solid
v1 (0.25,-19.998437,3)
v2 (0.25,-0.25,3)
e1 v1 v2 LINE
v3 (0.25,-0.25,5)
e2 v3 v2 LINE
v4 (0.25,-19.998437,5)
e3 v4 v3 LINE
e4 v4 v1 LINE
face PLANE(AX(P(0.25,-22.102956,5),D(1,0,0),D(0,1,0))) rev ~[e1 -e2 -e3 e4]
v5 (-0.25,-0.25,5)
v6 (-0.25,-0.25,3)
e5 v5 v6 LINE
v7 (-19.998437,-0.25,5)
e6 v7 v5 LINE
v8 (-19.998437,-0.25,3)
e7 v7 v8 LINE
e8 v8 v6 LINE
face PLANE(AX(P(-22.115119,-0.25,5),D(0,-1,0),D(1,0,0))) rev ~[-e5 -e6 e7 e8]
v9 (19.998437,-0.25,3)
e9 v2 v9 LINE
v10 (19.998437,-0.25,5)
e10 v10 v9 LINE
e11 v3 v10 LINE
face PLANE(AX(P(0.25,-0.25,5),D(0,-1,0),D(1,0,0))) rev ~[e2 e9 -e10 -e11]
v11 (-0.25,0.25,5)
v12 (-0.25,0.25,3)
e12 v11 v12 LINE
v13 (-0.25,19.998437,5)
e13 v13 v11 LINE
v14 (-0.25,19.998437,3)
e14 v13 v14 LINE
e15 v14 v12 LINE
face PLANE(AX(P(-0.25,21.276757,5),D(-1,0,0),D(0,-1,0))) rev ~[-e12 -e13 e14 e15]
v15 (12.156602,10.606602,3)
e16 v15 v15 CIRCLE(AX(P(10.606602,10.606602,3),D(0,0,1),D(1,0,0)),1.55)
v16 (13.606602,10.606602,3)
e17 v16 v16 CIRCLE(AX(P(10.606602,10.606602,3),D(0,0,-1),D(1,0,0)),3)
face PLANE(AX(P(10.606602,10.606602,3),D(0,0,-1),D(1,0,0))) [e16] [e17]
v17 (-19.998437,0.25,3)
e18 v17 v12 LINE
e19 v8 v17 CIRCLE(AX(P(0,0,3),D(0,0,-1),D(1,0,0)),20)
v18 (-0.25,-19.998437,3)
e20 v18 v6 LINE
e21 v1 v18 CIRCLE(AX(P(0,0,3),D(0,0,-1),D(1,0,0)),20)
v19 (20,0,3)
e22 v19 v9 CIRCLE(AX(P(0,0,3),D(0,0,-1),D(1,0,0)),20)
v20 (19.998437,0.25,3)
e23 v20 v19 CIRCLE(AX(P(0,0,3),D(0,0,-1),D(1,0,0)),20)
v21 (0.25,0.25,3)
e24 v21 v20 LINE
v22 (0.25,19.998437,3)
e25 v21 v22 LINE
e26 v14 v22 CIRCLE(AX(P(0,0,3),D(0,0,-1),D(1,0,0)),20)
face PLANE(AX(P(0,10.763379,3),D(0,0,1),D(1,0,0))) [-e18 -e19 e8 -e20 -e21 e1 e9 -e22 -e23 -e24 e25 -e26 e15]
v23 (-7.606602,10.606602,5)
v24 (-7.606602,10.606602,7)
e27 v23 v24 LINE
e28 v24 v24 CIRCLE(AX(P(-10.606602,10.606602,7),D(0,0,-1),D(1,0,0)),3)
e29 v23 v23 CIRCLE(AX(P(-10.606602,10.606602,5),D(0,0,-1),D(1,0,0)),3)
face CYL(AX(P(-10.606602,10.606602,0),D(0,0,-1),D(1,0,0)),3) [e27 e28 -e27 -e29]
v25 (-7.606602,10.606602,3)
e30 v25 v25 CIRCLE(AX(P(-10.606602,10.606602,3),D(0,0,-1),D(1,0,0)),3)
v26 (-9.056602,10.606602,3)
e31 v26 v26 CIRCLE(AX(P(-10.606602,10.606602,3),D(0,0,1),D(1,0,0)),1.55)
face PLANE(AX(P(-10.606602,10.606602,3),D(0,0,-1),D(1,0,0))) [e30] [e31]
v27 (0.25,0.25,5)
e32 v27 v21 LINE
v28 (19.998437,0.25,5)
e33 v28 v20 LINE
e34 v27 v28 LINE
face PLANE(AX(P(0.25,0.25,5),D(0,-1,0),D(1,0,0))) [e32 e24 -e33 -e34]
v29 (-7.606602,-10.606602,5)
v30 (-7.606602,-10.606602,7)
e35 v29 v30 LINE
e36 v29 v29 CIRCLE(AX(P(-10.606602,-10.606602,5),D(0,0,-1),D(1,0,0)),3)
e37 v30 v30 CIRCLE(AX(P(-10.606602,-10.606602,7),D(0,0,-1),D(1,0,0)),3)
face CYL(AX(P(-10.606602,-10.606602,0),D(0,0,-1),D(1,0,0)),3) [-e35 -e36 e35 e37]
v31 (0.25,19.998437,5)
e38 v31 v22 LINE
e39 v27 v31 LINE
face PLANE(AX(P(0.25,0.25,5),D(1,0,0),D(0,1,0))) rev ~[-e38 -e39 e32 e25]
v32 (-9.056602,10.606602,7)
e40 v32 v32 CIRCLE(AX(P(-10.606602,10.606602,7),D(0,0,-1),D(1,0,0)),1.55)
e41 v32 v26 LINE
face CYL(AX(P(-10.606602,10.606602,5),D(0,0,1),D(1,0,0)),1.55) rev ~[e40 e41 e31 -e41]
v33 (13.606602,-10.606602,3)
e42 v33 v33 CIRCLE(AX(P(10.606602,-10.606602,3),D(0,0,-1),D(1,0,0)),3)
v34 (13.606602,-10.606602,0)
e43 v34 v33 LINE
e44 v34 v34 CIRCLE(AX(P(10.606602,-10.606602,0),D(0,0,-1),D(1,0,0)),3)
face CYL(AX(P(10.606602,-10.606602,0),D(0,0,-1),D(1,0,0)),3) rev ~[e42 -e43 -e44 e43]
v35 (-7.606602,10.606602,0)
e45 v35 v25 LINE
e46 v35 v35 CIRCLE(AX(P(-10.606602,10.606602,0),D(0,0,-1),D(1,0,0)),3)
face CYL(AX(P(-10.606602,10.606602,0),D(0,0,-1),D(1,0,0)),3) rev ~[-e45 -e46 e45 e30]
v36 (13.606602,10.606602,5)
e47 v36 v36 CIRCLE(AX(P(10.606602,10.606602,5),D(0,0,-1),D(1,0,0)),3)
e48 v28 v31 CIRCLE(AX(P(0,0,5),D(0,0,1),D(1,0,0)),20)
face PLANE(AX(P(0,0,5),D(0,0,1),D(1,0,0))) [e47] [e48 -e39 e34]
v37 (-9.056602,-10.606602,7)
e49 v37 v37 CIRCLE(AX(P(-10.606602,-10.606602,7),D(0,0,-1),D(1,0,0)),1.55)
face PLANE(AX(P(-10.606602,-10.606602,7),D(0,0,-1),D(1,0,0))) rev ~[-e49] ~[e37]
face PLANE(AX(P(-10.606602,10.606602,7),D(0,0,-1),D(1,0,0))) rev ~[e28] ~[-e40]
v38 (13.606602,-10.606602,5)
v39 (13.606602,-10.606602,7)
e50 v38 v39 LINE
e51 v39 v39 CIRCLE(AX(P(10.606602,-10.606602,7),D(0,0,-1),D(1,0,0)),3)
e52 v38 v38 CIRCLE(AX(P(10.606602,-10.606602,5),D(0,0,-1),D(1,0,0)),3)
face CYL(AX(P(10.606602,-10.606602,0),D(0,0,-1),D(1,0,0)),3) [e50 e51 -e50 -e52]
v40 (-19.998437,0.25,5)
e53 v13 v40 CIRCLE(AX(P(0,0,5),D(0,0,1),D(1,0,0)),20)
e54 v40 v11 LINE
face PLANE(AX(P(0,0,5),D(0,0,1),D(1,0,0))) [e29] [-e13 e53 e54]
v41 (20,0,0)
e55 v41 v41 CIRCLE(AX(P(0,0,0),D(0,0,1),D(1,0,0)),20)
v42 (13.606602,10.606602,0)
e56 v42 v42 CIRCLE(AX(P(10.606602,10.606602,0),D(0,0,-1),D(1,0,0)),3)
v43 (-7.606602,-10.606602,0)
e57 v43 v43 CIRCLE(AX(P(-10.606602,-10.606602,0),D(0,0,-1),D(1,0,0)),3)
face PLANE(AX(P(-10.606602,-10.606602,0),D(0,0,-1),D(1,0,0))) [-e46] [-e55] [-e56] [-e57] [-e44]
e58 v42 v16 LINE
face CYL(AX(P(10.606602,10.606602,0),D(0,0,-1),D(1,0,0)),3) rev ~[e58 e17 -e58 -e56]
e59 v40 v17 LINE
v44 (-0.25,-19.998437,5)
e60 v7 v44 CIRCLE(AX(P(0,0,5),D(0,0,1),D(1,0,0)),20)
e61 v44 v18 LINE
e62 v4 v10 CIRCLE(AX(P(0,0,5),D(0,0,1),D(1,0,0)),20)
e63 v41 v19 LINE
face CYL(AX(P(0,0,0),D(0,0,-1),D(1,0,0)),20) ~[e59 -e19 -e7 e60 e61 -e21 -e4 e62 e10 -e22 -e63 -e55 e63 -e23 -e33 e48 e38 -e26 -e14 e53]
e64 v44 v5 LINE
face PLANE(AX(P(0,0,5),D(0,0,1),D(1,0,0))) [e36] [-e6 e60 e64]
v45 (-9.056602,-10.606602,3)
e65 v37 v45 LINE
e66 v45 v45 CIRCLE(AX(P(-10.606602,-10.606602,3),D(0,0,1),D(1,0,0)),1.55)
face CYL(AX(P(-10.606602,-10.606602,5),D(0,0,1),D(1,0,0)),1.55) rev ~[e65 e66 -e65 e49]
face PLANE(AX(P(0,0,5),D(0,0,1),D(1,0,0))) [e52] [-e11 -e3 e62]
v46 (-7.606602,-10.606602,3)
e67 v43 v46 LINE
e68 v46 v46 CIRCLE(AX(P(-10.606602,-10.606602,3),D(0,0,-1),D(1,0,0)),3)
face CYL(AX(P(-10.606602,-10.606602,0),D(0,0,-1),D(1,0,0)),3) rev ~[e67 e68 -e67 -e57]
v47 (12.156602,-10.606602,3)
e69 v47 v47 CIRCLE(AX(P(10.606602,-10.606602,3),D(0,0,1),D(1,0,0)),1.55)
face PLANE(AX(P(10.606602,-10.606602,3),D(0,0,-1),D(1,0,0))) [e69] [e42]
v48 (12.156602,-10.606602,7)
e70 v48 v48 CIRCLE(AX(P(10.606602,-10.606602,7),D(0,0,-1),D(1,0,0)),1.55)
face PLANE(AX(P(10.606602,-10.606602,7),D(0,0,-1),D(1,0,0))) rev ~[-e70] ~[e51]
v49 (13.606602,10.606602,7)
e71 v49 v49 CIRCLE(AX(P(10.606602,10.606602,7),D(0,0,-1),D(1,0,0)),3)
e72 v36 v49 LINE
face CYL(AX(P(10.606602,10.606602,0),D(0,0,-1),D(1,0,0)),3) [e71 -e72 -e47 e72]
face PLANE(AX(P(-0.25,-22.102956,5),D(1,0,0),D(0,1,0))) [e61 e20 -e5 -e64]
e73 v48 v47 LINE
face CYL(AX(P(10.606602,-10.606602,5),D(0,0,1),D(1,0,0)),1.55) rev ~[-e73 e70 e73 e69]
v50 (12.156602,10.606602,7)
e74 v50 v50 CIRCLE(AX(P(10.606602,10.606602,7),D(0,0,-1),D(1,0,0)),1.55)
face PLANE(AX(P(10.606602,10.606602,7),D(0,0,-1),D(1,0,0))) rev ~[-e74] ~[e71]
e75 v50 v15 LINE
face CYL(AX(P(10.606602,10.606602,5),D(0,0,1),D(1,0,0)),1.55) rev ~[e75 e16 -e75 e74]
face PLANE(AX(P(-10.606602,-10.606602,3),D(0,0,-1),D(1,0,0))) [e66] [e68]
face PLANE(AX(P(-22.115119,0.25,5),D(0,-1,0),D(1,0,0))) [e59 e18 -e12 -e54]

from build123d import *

# Parameters (mm, degrees)
F0_R     = 20
F1_DEPTH = 5
F2_W     = 0.5
F2_H     = 21.0267571211
F2_H_2   = 0.5
F2_W_2   = 21.8651188016
F2_W_3   = 23.3558980227
F2_H_3   = 21.8529557288
F3_DEPTH = 2
F5_R     = 3
F6_DEPTH = 7
F7_DEPTH = 3
F4_R     = 1.55
F8_DEPTH = 5.001
F9_DEPTH = 2.001


with BuildPart() as f1:
    # F0 (on Top) → F1 (new body)
    with BuildSketch(Plane.XY):
        Circle(F0_R)
    extrude(amount=F1_DEPTH)

    # F2 (on face) → F3 (cut)
    with BuildSketch(Plane.XY.offset(5)):
        with Locations((0, 10.7633785605)):
            Rectangle(F2_W, F2_H)
        Rectangle(F2_W, F2_H_2)
        with Locations((-11.1825594008, 0)):
            Rectangle(F2_W_2, F2_H_2)
        with Locations((11.9279490113, 0)):
            Rectangle(F2_W_3, F2_H_2)
        with Locations((0, -11.1764778644)):
            Rectangle(F2_W, F2_H_3)
    extrude(amount=-F3_DEPTH, mode=Mode.SUBTRACT)

    # F5 (on face) → F6 (join)
    with BuildSketch(Plane(origin=(0, 0, 0), x_dir=(1, 0, 0), z_dir=(0, 0, -1))):
        with Locations((-10.6066017178, 10.6066017178)):
            Circle(F5_R)
        with Locations((10.6066017178, 10.6066017178)):
            Circle(F5_R)
        with Locations((10.6066017178, -10.6066017178)):
            Circle(F5_R)
        with Locations((-10.6066017178, -10.6066017178)):
            Circle(F5_R)
    extrude(amount=-F6_DEPTH)

    # F5 (on face) → F7 (cut)
    with BuildSketch(Plane(origin=(0, 0, 0), x_dir=(1, 0, 0), z_dir=(0, 0, -1))):
        with Locations((-10.6066017178, 10.6066017178)):
            Circle(F5_R)
        with Locations((10.6066017178, 10.6066017178)):
            Circle(F5_R)
        with Locations((10.6066017178, -10.6066017178)):
            Circle(F5_R)
        with Locations((-10.6066017178, -10.6066017178)):
            Circle(F5_R)
    extrude(amount=-F7_DEPTH, mode=Mode.SUBTRACT)

    # F4 (on face) → F8 (cut, through all)
    with BuildSketch(Plane.XY.offset(5)):
        with Locations((10.6066017178, -10.6066017178)):
            Circle(F4_R)
        with Locations((10.6066017178, 10.6066017178)):
            Circle(F4_R)
        with Locations((-10.6066017178, 10.6066017178)):
            Circle(F4_R)
        with Locations((-10.6066017178, -10.6066017178)):
            Circle(F4_R)
    extrude(amount=-F8_DEPTH, mode=Mode.SUBTRACT)

    # F4 (on face) → F9 (cut, through all)
    with BuildSketch(Plane.XY.offset(5)):
        with Locations((10.6066017178, -10.6066017178)):
            Circle(F4_R)
        with Locations((10.6066017178, 10.6066017178)):
            Circle(F4_R)
        with Locations((-10.6066017178, 10.6066017178)):
            Circle(F4_R)
        with Locations((-10.6066017178, -10.6066017178)):
            Circle(F4_R)
    extrude(amount=F9_DEPTH, mode=Mode.SUBTRACT)


solid = f1.part
